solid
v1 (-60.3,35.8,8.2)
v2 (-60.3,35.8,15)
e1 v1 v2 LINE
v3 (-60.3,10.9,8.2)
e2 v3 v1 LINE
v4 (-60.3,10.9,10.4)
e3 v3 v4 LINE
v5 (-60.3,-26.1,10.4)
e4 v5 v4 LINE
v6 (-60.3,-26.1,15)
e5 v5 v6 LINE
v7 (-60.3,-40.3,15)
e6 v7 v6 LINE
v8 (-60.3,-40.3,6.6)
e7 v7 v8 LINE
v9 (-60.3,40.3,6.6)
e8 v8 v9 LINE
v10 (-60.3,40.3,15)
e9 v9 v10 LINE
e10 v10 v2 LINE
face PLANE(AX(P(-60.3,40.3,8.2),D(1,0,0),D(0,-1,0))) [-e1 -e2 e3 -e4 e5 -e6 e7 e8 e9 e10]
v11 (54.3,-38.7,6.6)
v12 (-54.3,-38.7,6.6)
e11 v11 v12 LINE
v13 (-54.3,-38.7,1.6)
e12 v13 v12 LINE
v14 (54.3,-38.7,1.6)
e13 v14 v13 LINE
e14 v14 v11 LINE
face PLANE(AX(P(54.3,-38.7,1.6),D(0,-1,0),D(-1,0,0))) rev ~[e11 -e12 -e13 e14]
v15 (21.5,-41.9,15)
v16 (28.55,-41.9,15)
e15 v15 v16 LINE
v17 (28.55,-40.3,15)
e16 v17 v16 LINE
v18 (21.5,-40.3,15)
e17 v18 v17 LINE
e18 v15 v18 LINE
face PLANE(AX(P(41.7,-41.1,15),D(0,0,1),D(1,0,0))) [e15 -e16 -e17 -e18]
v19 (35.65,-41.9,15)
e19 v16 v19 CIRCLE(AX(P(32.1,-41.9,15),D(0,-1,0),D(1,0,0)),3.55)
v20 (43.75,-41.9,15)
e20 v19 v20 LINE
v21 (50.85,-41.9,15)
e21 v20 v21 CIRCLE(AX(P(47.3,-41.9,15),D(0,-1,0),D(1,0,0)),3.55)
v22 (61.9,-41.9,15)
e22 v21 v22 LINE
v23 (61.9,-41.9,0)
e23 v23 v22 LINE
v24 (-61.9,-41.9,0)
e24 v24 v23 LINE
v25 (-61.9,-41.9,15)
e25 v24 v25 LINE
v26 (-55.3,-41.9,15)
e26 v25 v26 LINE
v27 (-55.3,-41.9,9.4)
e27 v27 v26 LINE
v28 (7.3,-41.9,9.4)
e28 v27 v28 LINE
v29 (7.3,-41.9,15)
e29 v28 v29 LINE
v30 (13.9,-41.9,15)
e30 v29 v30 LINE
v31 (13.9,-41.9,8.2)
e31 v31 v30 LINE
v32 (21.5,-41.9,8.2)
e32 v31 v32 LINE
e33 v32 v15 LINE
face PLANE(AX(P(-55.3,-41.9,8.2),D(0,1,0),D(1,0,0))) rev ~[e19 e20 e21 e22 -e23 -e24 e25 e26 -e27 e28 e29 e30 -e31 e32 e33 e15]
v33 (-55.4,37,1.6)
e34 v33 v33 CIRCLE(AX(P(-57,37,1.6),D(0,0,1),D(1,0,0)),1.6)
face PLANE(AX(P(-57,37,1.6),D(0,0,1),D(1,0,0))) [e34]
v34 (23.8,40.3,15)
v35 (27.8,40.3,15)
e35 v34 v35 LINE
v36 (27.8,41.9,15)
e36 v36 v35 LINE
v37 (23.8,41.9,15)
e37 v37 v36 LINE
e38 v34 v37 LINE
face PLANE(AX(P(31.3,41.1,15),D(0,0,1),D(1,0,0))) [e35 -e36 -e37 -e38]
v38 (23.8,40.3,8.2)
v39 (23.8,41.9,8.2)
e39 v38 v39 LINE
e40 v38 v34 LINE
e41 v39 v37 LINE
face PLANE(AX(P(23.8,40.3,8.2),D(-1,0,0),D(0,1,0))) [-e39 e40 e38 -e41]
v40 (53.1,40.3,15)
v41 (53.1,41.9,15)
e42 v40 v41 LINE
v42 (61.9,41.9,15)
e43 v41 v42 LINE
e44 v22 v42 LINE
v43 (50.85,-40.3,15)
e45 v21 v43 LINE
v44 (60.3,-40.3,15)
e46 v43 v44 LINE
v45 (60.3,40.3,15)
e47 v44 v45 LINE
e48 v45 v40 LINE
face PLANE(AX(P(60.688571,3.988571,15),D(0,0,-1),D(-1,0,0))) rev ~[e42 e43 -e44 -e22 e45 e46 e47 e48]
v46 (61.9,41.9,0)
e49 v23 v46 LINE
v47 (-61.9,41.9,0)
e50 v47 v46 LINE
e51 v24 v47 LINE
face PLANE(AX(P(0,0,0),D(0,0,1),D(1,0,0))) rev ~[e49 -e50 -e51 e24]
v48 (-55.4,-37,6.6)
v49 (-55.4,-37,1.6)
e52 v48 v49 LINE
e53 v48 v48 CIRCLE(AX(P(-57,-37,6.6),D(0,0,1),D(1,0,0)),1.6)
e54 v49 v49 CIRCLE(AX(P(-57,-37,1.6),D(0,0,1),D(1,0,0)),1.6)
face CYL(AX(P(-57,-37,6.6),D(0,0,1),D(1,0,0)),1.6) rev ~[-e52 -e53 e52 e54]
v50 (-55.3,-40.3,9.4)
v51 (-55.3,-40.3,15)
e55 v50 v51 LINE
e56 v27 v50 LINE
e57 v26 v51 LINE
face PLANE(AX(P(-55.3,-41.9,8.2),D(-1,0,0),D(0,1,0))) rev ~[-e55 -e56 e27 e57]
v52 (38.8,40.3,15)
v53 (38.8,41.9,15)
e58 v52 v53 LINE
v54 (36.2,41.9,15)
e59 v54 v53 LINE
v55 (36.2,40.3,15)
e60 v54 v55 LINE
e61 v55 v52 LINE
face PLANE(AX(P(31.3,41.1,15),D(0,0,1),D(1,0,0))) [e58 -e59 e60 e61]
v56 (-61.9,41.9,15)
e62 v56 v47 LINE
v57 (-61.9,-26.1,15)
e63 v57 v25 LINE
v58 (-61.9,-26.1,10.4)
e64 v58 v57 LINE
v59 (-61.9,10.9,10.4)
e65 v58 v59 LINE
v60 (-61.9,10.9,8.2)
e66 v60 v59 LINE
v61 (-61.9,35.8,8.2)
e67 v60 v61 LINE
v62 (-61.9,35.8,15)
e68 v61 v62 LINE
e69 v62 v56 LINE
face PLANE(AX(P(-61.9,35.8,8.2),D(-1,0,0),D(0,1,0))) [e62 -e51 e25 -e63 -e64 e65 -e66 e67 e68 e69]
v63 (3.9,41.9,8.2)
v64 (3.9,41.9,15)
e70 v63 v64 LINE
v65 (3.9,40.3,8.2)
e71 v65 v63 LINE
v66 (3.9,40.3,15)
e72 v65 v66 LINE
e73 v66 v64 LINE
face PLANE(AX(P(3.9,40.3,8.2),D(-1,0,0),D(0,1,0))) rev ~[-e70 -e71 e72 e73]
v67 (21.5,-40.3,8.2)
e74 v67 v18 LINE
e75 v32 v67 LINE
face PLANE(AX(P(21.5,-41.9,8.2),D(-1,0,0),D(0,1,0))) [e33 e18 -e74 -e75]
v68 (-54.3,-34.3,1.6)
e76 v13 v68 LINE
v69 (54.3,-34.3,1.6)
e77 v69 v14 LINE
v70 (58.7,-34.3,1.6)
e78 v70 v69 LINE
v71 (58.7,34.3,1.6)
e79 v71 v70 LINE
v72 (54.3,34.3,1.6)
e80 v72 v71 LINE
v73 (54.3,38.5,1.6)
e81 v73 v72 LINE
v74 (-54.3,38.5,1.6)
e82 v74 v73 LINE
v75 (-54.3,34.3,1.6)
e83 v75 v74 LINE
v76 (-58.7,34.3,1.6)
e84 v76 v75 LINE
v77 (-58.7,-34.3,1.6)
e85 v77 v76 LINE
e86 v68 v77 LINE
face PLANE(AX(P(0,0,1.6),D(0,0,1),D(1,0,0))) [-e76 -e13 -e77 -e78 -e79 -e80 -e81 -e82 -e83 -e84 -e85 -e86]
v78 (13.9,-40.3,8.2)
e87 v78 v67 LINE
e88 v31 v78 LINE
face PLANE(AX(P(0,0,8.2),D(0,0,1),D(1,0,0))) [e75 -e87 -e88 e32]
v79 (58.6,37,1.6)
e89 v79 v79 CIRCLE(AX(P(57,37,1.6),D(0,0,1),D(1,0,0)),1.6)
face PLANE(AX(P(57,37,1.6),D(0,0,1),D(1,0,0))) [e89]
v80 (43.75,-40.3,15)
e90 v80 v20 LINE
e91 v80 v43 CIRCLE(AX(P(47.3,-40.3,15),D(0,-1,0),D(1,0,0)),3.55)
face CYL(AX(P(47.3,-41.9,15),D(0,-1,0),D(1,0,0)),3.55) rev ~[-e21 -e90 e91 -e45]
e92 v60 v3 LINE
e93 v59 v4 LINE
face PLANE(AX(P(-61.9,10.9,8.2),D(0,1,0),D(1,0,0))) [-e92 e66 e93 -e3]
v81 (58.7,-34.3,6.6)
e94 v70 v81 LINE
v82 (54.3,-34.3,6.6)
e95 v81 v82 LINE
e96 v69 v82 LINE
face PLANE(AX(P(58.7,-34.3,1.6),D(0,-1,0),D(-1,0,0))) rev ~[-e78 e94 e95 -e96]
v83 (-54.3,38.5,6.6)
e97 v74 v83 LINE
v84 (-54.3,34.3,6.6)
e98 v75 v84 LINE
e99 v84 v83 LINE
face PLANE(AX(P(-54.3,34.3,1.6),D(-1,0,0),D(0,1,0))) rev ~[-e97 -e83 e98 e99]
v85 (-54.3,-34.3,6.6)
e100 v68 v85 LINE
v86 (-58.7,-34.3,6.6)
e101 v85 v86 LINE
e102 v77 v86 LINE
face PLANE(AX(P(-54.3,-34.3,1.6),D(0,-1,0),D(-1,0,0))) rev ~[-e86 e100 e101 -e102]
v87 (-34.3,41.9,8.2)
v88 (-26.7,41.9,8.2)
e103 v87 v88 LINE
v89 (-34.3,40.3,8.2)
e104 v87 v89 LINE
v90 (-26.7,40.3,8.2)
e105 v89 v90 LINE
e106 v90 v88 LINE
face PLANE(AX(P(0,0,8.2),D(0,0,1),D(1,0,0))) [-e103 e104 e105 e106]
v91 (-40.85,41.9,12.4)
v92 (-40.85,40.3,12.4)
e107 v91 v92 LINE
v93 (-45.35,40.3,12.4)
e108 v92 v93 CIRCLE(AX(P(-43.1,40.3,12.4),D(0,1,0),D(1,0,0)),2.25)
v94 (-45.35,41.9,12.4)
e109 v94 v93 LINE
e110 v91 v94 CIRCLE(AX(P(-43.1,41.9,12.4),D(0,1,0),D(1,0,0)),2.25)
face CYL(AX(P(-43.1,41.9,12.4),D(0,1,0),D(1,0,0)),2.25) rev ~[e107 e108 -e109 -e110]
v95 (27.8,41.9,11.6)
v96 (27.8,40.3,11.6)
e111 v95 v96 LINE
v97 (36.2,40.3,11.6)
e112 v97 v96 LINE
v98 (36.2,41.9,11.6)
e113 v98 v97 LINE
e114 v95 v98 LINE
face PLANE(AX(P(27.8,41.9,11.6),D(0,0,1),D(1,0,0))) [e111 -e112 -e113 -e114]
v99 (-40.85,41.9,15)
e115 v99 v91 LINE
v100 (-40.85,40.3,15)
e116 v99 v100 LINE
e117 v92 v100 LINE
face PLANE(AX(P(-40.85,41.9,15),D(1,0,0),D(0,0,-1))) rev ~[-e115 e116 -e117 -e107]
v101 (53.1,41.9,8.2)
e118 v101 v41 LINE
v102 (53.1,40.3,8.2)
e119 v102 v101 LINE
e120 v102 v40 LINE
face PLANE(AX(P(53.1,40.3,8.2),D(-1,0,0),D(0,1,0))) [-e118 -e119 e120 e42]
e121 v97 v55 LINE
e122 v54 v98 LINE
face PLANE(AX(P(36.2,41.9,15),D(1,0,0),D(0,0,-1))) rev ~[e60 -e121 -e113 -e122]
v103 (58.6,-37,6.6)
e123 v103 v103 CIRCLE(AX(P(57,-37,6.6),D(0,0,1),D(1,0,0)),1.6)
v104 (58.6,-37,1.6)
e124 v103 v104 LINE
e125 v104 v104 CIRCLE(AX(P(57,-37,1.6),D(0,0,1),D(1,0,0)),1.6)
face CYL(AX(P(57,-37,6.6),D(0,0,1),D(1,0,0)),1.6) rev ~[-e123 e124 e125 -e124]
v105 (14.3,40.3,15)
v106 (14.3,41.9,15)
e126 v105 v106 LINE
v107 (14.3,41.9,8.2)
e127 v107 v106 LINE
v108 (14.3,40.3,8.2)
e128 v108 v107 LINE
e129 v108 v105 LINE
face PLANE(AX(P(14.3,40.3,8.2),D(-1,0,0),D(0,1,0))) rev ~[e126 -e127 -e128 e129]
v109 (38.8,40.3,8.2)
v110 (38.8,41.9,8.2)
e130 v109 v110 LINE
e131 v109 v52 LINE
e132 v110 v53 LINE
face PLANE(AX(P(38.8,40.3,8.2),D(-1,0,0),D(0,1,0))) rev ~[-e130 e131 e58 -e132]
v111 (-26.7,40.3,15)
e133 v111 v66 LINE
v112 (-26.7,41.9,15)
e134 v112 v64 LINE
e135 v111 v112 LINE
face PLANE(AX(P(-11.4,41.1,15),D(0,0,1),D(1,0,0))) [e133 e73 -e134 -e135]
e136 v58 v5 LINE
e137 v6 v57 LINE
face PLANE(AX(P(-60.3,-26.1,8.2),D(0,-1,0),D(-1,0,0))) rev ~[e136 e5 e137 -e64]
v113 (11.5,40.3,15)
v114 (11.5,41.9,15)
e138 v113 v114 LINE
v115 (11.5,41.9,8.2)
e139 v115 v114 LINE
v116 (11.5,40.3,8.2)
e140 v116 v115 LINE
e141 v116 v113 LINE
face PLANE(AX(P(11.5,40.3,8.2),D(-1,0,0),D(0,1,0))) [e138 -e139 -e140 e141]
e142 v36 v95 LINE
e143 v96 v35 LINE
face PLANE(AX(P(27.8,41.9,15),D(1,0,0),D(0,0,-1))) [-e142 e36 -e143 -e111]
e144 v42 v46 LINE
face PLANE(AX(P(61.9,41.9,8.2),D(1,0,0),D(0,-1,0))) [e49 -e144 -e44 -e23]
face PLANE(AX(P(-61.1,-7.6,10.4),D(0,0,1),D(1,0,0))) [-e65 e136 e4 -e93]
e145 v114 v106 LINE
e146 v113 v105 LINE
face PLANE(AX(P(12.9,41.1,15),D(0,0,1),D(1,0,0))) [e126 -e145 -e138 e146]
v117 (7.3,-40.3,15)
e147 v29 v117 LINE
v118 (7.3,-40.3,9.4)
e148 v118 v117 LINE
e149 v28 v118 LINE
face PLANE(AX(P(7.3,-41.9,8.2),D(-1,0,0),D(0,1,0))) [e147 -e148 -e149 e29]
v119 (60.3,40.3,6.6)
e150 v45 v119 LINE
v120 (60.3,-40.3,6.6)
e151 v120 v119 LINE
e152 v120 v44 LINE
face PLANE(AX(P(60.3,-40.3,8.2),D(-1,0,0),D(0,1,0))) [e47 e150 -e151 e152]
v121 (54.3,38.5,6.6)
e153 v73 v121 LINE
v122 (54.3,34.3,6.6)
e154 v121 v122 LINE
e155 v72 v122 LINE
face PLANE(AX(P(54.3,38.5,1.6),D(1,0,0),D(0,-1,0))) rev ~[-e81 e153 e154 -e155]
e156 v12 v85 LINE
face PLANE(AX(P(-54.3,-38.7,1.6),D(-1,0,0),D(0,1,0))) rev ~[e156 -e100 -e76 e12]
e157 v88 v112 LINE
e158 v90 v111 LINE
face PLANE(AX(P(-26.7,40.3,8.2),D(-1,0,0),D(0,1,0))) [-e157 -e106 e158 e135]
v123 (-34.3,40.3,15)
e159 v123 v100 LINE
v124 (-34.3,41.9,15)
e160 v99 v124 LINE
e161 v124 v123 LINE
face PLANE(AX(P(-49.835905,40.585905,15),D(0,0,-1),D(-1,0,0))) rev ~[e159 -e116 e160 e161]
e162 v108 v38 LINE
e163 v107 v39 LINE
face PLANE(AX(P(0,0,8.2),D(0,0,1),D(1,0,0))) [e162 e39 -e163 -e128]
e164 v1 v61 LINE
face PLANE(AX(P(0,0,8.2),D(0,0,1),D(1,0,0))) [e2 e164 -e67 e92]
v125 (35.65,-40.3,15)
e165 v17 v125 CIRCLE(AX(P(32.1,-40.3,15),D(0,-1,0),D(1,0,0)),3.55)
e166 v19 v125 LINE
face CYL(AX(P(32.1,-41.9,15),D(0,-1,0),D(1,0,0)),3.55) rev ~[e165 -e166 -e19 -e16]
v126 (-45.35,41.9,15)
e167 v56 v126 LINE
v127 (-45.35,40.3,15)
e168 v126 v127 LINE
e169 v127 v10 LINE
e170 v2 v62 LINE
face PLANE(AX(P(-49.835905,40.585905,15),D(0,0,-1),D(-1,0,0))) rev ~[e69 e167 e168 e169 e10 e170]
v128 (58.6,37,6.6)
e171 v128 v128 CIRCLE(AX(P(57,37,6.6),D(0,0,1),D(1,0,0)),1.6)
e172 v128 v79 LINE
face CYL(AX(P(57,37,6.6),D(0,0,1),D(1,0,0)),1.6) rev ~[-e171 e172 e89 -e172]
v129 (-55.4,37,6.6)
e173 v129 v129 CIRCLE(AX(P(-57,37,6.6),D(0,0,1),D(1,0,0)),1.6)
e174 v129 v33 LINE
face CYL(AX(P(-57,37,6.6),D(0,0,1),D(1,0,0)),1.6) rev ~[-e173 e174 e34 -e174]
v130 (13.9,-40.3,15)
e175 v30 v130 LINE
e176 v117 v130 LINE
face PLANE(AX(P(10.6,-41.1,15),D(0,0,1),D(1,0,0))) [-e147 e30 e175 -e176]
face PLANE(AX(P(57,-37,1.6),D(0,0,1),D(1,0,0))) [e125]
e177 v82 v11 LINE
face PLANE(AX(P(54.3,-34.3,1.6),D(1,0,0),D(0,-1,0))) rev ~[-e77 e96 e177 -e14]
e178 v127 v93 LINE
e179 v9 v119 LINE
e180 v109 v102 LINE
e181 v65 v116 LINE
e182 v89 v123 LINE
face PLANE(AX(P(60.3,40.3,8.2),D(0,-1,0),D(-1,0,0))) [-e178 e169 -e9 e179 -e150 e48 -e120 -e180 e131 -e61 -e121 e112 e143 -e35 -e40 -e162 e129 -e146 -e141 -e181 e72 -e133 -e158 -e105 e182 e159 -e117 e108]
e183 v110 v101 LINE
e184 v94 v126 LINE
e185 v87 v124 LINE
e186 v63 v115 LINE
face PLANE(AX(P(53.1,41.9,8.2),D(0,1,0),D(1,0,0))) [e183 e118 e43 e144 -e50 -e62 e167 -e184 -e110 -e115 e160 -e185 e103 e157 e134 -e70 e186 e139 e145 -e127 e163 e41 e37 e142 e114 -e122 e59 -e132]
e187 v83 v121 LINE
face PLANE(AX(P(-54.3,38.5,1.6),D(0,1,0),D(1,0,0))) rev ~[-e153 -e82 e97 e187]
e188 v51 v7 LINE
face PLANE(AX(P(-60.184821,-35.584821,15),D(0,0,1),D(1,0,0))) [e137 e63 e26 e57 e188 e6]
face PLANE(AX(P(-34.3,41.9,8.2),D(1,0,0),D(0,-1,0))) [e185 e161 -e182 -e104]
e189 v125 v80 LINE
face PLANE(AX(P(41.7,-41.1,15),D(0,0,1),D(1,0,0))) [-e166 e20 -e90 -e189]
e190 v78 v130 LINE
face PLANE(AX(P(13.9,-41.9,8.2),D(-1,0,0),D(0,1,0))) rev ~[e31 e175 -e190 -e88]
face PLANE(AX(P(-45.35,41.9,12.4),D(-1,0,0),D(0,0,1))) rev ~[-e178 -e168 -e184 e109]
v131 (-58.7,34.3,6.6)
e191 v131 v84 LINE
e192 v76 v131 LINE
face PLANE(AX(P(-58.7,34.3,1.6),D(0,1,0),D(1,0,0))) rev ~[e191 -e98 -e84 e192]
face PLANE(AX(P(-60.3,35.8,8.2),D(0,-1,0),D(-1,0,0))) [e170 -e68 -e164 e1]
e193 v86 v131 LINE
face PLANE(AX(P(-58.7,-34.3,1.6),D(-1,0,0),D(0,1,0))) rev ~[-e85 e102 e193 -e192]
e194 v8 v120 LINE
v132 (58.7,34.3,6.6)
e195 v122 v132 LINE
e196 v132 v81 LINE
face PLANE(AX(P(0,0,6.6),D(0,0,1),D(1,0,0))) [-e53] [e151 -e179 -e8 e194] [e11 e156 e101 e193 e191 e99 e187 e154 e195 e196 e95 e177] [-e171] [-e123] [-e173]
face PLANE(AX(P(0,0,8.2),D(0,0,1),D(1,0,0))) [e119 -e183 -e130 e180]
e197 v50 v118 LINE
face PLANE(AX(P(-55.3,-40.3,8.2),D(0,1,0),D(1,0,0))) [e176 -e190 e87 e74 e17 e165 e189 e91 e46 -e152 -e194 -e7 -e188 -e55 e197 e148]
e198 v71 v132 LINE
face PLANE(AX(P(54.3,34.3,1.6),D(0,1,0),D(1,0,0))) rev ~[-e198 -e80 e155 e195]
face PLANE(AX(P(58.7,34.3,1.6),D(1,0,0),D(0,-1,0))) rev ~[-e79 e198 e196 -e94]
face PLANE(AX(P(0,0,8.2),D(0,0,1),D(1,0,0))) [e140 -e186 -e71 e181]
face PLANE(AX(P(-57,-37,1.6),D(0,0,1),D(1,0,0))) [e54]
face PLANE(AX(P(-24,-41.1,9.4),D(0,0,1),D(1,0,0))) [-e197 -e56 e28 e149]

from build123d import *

# Parameters (mm, degrees)
SKETCH1_W            = 120.6
SKETCH1_H            = 80.6
BOSS_EXTRUDE1_DEPTH  = 1.6
SKETCH2_W            = 123.8
SKETCH2_H            = 83.8
SKETCH2_W_2          = 120.6
SKETCH2_H_2          = 80.6
BOSS_EXTRUDE2_DEPTH  = 8.2
SKETCH3_W            = 120.6
SKETCH3_H            = 80.6
BOSS_EXTRUDE3_DEPTH  = 5
SKETCH4_R            = 1.6
CUT_EXTRUDE1_DEPTH   = 5
SKETCH5_W            = 40.4
SKETCH5_H            = 1.6
SKETCH5_W_2          = 6.6
BOSS_EXTRUDE4_DEPTH  = 6.8
SKETCH6_R            = 3.55
CUT_EXTRUDE2_DEPTH   = 6.8
BOSS_EXTRUDE5_DEPTH  = 6.8
SKETCH8_W            = 1.6
SKETCH8_H            = 37
BOSS_EXTRUDE6_DEPTH  = 2.2
SKETCH9_W            = 30.6
SKETCH9_H            = 1.6
SKETCH9_W_2          = 2.8
BOSS_EXTRUDE7_DEPTH  = 6.8
CUT_EXTRUDE3_DEPTH   = 6.8
SKETCH11_W           = 15
SKETCH11_H           = 1.6
BOSS_EXTRUDE8_DEPTH  = 6.8
SKETCH12_W           = 8.4
SKETCH12_H           = 3.4
CUT_EXTRUDE4_DEPTH   = 6.8
BOSS_EXTRUDE9_DEPTH  = 6.8
SKETCH14_W           = 62.6
SKETCH14_H           = 1.6
BOSS_EXTRUDE10_DEPTH = 1.2


with BuildPart() as part:
    # Sketch1 → Boss-Extrude1 (new body)
    with BuildSketch(Plane.XY):
        Rectangle(SKETCH1_W, SKETCH1_H)
    extrude(amount=BOSS_EXTRUDE1_DEPTH)

    # Sketch2 → Boss-Extrude2 (add)
    with BuildSketch(Plane.XY):
        Rectangle(SKETCH2_W, SKETCH2_H)
        Rectangle(SKETCH2_W_2, SKETCH2_H_2, mode=Mode.SUBTRACT)
    extrude(amount=BOSS_EXTRUDE2_DEPTH)

    # Sketch3 → Boss-Extrude3 (add)
    with BuildSketch(Plane.XY.offset(1.6)):
        Rectangle(SKETCH3_W, SKETCH3_H)
        Polygon((-58.7, 34.3), (-54.3, 34.3), (-54.3, 38.5), (54.3, 38.5), (54.3, 34.3), (58.7, 34.3), (58.7, -34.3), (54.3, -34.3), (54.3, -38.7), (-54.3, -38.7), (-54.3, -34.3), (-58.7, -34.3), align=None, mode=Mode.SUBTRACT)
    extrude(amount=BOSS_EXTRUDE3_DEPTH)

    # Sketch4 → Cut-Extrude1 (cut)
    with BuildSketch(Plane.XY.offset(6.6)):
        with Locations((-57, 37)):
            Circle(SKETCH4_R)
        with Locations((57, 37)):
            Circle(SKETCH4_R)
        with Locations((57, -37)):
            Circle(SKETCH4_R)
        with Locations((-57, -37)):
            Circle(SKETCH4_R)
    extrude(amount=-CUT_EXTRUDE1_DEPTH, mode=Mode.SUBTRACT)

    # Sketch5 → Boss-Extrude4 (add)
    with BuildSketch(Plane.XY.offset(8.2)):
        with Locations((41.7, -41.1)):
            Rectangle(SKETCH5_W, SKETCH5_H)
        with Locations((10.6, -41.1)):
            Rectangle(SKETCH5_W_2, SKETCH5_H)
    extrude(amount=BOSS_EXTRUDE4_DEPTH)

    # Sketch6 → Cut-Extrude2 (cut)
    with BuildSketch(Plane.XZ.offset(41.9)):
        with Locations((32.1, 15)):
            Circle(SKETCH6_R)
        with Locations((47.3, 15)):
            Circle(SKETCH6_R)
    extrude(amount=-CUT_EXTRUDE2_DEPTH, mode=Mode.SUBTRACT)

    # Sketch7 → Boss-Extrude5 (add)
    with BuildSketch(Plane.XY.offset(8.2)):
        Polygon((-61.9, -26.1), (-61.9, -41.9), (-55.3, -41.9), (-55.3, -40.3), (-60.3, -40.3), (-60.3, -26.1), align=None)
    extrude(amount=BOSS_EXTRUDE5_DEPTH)

    # Sketch8 → Boss-Extrude6 (add)
    with BuildSketch(Plane.XY.offset(8.2)):
        with Locations((-61.1, -7.6)):
            Rectangle(SKETCH8_W, SKETCH8_H)
    extrude(amount=BOSS_EXTRUDE6_DEPTH)

    # Sketch9 → Boss-Extrude7 (add)
    with BuildSketch(Plane.XY.offset(8.2)):
        Polygon((-60.3, 35.8), (-61.9, 35.8), (-61.9, 41.9), (-34.3, 41.9), (-34.3, 40.3), (-60.3, 40.3), align=None)
        with Locations((-11.4, 41.1)):
            Rectangle(SKETCH9_W, SKETCH9_H)
        with Locations((12.9, 41.1)):
            Rectangle(SKETCH9_W_2, SKETCH9_H)
    extrude(amount=BOSS_EXTRUDE7_DEPTH)

    # Sketch10 → Cut-Extrude3 (cut)
    with BuildSketch(Plane(origin=(0, 41.9, 0), x_dir=(1, 0, 0), z_dir=(0, 1, 0))):
        with BuildLine():
            Line((-45.35, -12.4), (-45.35, -15))
            Line((-45.35, -15), (-40.85, -15))
            Line((-40.85, -15), (-40.85, -12.4))
            ThreePointArc((-40.85, -12.4), (-43.1, -10.15), (-45.35, -12.4))
        make_face()
    extrude(amount=-CUT_EXTRUDE3_DEPTH, mode=Mode.SUBTRACT)

    # Sketch11 → Boss-Extrude8 (add)
    with BuildSketch(Plane.XY.offset(8.2)):
        with Locations((31.3, 41.1)):
            Rectangle(SKETCH11_W, SKETCH11_H)
    extrude(amount=BOSS_EXTRUDE8_DEPTH)

    # Sketch12 → Cut-Extrude4 (cut)
    with BuildSketch(Plane(origin=(0, 41.9, 0), x_dir=(1, 0, 0), z_dir=(0, 1, 0))):
        with Locations((32, -13.3)):
            Rectangle(SKETCH12_W, SKETCH12_H)
    extrude(amount=-CUT_EXTRUDE4_DEPTH, mode=Mode.SUBTRACT)

    # Sketch13 → Boss-Extrude9 (add)
    with BuildSketch(Plane.XY.offset(8.2)):
        Polygon((61.9, -40.3), (60.3, -40.3), (60.3, 40.3), (53.1, 40.3), (53.1, 41.9), (61.9, 41.9), align=None)
    extrude(amount=BOSS_EXTRUDE9_DEPTH)

    # Sketch14 → Boss-Extrude10 (add)
    with BuildSketch(Plane.XY.offset(8.2)):
        with Locations((-24, -41.1)):
            Rectangle(SKETCH14_W, SKETCH14_H)
    extrude(amount=BOSS_EXTRUDE10_DEPTH)


solid = part.part
